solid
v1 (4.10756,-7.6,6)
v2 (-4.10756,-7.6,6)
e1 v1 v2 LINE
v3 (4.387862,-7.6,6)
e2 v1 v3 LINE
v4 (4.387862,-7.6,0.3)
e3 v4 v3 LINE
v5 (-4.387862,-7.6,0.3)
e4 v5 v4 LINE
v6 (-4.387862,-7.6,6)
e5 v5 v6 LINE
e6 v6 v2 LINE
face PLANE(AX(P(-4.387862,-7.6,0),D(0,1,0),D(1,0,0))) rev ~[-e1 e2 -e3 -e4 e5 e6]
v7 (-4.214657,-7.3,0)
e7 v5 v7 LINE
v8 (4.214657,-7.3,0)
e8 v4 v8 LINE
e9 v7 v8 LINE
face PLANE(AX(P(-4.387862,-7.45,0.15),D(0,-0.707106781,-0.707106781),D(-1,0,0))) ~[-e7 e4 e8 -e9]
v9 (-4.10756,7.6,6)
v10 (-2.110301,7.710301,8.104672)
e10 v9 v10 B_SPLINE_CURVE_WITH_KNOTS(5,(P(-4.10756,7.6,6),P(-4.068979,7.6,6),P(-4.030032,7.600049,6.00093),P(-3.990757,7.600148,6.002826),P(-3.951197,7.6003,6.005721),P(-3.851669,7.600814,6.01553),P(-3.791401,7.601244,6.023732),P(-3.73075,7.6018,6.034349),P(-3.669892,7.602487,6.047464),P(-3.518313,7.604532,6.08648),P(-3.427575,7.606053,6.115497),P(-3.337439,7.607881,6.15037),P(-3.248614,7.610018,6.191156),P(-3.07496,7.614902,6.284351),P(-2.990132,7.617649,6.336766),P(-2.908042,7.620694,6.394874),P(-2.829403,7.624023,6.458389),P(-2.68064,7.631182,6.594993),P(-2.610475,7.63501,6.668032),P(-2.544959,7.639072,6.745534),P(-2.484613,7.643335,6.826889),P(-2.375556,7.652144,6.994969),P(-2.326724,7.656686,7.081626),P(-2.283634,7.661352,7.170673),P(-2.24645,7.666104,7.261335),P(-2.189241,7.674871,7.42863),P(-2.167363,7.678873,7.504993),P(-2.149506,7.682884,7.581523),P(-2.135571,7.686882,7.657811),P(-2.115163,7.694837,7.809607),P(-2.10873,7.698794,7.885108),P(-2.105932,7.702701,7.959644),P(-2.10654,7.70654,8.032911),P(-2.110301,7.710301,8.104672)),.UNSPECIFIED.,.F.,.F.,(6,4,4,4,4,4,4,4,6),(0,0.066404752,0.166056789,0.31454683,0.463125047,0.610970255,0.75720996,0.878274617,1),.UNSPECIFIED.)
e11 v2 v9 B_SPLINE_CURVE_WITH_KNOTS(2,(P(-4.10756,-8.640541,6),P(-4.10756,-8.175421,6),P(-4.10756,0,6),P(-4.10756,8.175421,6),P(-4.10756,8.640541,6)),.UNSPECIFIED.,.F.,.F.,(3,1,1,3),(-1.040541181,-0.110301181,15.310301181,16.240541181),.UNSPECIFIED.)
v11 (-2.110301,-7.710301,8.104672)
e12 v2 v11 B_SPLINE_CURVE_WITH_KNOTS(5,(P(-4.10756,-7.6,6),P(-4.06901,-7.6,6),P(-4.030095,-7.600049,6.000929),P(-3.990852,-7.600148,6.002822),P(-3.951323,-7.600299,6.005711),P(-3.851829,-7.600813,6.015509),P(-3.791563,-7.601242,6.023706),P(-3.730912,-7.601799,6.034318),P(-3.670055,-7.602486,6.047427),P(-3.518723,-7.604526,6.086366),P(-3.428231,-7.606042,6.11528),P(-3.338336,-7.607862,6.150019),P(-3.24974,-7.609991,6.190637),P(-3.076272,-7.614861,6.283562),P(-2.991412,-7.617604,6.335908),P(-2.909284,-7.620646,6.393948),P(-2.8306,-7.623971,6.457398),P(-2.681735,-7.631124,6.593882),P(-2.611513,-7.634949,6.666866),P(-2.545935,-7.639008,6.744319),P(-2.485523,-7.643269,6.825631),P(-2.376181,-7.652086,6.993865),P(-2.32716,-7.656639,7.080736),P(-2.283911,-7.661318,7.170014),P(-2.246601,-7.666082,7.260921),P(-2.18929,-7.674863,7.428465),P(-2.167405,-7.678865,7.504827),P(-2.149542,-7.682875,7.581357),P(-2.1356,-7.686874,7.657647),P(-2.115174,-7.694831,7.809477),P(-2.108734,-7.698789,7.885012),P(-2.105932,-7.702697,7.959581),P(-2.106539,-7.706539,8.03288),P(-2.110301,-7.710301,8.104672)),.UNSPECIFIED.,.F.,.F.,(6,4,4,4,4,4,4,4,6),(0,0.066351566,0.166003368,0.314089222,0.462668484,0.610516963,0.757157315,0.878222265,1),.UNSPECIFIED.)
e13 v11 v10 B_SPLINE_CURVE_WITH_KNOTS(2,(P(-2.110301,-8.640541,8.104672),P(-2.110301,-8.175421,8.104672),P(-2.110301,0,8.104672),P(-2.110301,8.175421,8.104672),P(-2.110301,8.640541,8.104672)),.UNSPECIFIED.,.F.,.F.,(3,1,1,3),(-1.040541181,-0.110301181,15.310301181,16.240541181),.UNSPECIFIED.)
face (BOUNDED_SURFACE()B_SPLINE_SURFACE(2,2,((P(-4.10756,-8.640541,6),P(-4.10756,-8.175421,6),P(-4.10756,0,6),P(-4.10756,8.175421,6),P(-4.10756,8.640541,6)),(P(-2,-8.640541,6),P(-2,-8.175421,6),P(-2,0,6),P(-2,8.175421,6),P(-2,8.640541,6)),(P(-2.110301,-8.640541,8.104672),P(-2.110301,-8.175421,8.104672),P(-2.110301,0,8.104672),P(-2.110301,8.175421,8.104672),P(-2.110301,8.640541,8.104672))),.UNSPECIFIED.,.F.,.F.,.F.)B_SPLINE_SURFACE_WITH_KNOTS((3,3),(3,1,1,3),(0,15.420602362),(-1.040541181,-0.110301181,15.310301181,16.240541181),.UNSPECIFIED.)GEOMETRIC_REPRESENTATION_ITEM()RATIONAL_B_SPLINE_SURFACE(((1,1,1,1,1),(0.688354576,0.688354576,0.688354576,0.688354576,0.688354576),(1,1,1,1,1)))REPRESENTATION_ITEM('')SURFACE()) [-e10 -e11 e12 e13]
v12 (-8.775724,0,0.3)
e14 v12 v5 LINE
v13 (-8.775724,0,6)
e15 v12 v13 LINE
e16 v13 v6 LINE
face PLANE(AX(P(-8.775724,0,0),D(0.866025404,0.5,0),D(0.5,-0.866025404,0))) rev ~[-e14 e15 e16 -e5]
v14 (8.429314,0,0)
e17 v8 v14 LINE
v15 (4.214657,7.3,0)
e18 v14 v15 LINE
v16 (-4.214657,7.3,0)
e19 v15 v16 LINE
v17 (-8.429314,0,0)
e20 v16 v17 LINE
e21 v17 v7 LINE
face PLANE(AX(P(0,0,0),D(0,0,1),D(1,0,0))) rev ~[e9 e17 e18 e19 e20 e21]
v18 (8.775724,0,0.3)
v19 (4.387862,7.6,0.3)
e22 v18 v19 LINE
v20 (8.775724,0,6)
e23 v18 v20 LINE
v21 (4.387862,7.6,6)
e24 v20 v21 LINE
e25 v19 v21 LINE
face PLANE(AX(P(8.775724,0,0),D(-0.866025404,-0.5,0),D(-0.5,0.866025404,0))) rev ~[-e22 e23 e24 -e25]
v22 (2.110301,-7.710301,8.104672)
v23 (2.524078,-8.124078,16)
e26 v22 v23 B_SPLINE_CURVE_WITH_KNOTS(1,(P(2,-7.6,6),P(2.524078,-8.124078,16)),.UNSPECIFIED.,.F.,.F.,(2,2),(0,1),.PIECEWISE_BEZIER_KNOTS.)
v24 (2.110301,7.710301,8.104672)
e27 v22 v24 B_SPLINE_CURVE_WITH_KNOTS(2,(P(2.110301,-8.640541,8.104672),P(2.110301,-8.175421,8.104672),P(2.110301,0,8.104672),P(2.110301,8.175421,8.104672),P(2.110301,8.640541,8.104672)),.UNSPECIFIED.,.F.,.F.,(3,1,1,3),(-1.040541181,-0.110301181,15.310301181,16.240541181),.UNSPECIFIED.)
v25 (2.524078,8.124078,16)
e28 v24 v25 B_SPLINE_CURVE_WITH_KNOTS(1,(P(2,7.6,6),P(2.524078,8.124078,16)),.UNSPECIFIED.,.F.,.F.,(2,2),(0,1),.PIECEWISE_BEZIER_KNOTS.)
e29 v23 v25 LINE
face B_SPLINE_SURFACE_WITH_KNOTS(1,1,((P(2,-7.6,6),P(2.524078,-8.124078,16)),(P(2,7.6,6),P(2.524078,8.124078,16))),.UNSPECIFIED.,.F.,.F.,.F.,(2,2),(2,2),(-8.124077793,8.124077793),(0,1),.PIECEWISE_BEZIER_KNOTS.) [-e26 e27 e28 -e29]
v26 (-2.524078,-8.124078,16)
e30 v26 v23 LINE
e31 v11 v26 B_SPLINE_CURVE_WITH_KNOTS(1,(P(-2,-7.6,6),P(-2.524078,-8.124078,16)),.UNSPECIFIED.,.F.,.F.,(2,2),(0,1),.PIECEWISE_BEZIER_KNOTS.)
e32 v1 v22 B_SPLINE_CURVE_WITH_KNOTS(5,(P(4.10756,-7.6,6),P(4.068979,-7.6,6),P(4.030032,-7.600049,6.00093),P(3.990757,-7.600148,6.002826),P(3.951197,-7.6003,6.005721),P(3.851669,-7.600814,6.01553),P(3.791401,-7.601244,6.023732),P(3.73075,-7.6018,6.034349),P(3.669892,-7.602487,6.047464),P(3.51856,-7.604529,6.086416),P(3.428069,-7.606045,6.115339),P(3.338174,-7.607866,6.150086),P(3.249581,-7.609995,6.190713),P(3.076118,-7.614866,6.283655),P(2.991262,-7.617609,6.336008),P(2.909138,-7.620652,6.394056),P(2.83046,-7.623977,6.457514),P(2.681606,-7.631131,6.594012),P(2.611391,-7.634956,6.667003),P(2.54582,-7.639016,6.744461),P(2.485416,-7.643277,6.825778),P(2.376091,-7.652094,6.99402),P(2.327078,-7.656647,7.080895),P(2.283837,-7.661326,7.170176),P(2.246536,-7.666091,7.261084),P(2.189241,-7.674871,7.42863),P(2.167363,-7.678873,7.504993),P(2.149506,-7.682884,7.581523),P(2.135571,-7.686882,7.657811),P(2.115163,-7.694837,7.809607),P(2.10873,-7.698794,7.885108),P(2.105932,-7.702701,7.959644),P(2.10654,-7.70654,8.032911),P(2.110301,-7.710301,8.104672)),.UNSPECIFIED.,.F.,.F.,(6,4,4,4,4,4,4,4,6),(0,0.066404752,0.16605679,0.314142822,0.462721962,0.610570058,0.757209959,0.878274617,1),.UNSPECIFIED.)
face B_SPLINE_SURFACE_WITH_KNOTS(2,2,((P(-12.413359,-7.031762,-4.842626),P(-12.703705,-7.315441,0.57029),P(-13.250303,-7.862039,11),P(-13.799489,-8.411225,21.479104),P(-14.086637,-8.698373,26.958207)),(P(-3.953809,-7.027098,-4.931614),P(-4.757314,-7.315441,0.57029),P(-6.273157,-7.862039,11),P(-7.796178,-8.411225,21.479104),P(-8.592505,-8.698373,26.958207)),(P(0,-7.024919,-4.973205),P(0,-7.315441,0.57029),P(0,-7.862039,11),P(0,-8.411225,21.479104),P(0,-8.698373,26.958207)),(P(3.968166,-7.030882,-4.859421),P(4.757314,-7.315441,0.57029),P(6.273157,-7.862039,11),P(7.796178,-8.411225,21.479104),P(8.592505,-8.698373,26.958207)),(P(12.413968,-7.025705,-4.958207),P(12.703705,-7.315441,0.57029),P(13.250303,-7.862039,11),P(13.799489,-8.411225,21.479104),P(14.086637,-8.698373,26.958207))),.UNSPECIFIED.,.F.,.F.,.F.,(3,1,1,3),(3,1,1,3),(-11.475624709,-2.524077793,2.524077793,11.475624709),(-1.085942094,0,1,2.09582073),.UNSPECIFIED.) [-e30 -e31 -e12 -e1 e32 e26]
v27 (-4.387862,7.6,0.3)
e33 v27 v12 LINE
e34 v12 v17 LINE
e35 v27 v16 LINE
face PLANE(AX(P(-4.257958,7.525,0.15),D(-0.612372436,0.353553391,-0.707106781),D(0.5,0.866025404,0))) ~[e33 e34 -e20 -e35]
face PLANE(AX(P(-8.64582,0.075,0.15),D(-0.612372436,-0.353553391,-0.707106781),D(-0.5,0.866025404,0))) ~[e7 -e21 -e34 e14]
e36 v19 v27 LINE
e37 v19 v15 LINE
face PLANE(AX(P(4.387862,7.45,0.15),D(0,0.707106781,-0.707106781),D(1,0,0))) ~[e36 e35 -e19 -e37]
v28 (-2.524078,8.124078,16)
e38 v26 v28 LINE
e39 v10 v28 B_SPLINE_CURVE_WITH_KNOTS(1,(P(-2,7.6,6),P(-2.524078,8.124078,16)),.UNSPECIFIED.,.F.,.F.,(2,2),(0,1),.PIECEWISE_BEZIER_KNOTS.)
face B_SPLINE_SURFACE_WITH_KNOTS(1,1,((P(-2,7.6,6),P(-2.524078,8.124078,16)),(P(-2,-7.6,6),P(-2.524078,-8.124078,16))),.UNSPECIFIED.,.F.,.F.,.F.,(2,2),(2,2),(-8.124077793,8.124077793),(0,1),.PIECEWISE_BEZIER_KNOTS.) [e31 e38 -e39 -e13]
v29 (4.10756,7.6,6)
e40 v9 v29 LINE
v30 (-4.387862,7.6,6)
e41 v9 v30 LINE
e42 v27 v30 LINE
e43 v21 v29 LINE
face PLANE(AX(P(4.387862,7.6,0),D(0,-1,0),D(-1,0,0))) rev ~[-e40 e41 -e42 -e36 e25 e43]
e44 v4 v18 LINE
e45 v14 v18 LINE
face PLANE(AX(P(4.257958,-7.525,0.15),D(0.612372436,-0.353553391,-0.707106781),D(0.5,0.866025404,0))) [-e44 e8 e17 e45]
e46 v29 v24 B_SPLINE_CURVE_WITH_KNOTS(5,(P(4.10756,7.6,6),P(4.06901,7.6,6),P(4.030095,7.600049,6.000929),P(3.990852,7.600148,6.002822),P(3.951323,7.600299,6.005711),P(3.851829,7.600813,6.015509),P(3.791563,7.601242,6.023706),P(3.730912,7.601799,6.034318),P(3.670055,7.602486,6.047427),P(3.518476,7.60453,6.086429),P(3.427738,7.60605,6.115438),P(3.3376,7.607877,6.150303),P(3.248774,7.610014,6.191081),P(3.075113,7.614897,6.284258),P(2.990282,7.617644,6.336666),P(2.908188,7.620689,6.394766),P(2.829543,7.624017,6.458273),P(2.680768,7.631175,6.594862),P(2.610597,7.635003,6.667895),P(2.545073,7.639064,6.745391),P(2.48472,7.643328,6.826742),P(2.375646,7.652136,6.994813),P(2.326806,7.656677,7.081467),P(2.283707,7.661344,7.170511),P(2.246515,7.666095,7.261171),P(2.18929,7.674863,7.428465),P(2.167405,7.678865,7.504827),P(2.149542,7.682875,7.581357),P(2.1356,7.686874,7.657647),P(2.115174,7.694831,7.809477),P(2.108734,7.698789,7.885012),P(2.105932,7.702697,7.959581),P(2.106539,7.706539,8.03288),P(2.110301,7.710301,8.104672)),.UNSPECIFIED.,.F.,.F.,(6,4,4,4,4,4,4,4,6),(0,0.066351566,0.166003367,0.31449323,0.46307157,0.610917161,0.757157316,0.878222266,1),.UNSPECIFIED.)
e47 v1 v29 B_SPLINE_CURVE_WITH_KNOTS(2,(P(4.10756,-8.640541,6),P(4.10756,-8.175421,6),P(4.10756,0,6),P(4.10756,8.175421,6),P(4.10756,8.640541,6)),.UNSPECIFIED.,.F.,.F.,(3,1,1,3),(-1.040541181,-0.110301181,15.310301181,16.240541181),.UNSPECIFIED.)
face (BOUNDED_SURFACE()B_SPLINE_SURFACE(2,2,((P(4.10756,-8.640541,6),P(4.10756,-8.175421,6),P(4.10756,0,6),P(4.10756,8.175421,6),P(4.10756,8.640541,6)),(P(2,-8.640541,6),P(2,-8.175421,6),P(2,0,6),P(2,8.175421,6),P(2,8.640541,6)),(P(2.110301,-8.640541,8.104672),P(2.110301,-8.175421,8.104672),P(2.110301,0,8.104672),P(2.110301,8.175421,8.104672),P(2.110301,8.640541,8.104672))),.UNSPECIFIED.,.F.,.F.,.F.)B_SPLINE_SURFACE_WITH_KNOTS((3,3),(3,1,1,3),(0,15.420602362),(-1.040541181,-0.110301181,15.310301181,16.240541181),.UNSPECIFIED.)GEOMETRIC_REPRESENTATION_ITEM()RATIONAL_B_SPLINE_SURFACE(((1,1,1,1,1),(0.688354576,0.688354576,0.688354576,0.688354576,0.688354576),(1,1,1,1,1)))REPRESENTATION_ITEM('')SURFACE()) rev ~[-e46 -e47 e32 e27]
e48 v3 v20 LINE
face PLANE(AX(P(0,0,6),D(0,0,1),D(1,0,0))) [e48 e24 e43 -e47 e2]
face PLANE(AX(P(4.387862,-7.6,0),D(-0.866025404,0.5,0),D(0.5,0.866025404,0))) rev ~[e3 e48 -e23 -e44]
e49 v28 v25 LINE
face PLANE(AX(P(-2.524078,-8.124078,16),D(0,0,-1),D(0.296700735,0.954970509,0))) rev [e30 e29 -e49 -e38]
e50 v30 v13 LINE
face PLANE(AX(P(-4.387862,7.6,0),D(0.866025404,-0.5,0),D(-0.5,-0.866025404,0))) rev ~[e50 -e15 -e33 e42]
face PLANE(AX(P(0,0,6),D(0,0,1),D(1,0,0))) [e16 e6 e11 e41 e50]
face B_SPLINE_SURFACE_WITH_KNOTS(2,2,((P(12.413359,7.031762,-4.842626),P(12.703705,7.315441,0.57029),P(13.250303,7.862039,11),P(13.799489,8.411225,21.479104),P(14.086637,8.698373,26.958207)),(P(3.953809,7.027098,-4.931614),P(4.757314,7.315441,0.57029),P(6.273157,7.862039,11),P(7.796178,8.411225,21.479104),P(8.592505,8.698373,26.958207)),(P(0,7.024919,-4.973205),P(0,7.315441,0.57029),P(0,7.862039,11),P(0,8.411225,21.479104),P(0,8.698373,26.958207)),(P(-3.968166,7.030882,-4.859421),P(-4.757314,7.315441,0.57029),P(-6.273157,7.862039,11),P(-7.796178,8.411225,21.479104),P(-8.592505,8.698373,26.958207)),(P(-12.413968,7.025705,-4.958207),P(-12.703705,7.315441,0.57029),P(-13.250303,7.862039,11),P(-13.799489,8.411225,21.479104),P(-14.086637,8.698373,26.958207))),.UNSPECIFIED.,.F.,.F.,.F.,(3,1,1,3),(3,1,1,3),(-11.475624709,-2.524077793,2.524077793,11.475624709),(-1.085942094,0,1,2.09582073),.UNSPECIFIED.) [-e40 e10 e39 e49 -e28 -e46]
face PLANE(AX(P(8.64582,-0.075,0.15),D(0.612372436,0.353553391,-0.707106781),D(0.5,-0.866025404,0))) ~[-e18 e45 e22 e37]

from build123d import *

# Parameters (mm, degrees)
F1_DEPTH = 6
F2_W     = 4
F2_H     = 15.2
F3_DEPTH = 10
F3_TAPER = -3
F4_R     = 2
F5_SIZE  = 0.3


with BuildPart() as f1:
    # F0 (on Top) → F1 (new body)
    with BuildSketch(Plane.XY):
        Polygon((4.3878620458, -7.6), (8.7757240917, 0), (4.3878620458, 7.6), (-4.3878620458, 7.6), (-8.7757240917, 0), (-4.3878620458, -7.6), align=None)
    extrude(amount=F1_DEPTH)

    # F2 (on face) → F3 (join)
    with BuildSketch(Plane.XY.offset(6)):
        Rectangle(F2_W, F2_H)
    extrude(amount=F3_DEPTH, taper=F3_TAPER)

    # F4
    f4_edges = [f1.edges().sort_by_distance(p)[0] for p in [
        (2, 0, 6),
        (-2, 0, 6),
    ]]
    fillet(f4_edges, radius=F4_R)

    # F5
    f5_edges = [f1.edges().sort_by_distance(p)[0] for p in [
        (-6.581793, -3.8, 0),
        (0, -7.6, 0),
        (6.581793, -3.8, 0),
        (6.581793, 3.8, 0),
        (0, 7.6, 0),
        (-6.581793, 3.8, 0),
    ]]
    chamfer(f5_edges, length=F5_SIZE)


solid = f1.part
